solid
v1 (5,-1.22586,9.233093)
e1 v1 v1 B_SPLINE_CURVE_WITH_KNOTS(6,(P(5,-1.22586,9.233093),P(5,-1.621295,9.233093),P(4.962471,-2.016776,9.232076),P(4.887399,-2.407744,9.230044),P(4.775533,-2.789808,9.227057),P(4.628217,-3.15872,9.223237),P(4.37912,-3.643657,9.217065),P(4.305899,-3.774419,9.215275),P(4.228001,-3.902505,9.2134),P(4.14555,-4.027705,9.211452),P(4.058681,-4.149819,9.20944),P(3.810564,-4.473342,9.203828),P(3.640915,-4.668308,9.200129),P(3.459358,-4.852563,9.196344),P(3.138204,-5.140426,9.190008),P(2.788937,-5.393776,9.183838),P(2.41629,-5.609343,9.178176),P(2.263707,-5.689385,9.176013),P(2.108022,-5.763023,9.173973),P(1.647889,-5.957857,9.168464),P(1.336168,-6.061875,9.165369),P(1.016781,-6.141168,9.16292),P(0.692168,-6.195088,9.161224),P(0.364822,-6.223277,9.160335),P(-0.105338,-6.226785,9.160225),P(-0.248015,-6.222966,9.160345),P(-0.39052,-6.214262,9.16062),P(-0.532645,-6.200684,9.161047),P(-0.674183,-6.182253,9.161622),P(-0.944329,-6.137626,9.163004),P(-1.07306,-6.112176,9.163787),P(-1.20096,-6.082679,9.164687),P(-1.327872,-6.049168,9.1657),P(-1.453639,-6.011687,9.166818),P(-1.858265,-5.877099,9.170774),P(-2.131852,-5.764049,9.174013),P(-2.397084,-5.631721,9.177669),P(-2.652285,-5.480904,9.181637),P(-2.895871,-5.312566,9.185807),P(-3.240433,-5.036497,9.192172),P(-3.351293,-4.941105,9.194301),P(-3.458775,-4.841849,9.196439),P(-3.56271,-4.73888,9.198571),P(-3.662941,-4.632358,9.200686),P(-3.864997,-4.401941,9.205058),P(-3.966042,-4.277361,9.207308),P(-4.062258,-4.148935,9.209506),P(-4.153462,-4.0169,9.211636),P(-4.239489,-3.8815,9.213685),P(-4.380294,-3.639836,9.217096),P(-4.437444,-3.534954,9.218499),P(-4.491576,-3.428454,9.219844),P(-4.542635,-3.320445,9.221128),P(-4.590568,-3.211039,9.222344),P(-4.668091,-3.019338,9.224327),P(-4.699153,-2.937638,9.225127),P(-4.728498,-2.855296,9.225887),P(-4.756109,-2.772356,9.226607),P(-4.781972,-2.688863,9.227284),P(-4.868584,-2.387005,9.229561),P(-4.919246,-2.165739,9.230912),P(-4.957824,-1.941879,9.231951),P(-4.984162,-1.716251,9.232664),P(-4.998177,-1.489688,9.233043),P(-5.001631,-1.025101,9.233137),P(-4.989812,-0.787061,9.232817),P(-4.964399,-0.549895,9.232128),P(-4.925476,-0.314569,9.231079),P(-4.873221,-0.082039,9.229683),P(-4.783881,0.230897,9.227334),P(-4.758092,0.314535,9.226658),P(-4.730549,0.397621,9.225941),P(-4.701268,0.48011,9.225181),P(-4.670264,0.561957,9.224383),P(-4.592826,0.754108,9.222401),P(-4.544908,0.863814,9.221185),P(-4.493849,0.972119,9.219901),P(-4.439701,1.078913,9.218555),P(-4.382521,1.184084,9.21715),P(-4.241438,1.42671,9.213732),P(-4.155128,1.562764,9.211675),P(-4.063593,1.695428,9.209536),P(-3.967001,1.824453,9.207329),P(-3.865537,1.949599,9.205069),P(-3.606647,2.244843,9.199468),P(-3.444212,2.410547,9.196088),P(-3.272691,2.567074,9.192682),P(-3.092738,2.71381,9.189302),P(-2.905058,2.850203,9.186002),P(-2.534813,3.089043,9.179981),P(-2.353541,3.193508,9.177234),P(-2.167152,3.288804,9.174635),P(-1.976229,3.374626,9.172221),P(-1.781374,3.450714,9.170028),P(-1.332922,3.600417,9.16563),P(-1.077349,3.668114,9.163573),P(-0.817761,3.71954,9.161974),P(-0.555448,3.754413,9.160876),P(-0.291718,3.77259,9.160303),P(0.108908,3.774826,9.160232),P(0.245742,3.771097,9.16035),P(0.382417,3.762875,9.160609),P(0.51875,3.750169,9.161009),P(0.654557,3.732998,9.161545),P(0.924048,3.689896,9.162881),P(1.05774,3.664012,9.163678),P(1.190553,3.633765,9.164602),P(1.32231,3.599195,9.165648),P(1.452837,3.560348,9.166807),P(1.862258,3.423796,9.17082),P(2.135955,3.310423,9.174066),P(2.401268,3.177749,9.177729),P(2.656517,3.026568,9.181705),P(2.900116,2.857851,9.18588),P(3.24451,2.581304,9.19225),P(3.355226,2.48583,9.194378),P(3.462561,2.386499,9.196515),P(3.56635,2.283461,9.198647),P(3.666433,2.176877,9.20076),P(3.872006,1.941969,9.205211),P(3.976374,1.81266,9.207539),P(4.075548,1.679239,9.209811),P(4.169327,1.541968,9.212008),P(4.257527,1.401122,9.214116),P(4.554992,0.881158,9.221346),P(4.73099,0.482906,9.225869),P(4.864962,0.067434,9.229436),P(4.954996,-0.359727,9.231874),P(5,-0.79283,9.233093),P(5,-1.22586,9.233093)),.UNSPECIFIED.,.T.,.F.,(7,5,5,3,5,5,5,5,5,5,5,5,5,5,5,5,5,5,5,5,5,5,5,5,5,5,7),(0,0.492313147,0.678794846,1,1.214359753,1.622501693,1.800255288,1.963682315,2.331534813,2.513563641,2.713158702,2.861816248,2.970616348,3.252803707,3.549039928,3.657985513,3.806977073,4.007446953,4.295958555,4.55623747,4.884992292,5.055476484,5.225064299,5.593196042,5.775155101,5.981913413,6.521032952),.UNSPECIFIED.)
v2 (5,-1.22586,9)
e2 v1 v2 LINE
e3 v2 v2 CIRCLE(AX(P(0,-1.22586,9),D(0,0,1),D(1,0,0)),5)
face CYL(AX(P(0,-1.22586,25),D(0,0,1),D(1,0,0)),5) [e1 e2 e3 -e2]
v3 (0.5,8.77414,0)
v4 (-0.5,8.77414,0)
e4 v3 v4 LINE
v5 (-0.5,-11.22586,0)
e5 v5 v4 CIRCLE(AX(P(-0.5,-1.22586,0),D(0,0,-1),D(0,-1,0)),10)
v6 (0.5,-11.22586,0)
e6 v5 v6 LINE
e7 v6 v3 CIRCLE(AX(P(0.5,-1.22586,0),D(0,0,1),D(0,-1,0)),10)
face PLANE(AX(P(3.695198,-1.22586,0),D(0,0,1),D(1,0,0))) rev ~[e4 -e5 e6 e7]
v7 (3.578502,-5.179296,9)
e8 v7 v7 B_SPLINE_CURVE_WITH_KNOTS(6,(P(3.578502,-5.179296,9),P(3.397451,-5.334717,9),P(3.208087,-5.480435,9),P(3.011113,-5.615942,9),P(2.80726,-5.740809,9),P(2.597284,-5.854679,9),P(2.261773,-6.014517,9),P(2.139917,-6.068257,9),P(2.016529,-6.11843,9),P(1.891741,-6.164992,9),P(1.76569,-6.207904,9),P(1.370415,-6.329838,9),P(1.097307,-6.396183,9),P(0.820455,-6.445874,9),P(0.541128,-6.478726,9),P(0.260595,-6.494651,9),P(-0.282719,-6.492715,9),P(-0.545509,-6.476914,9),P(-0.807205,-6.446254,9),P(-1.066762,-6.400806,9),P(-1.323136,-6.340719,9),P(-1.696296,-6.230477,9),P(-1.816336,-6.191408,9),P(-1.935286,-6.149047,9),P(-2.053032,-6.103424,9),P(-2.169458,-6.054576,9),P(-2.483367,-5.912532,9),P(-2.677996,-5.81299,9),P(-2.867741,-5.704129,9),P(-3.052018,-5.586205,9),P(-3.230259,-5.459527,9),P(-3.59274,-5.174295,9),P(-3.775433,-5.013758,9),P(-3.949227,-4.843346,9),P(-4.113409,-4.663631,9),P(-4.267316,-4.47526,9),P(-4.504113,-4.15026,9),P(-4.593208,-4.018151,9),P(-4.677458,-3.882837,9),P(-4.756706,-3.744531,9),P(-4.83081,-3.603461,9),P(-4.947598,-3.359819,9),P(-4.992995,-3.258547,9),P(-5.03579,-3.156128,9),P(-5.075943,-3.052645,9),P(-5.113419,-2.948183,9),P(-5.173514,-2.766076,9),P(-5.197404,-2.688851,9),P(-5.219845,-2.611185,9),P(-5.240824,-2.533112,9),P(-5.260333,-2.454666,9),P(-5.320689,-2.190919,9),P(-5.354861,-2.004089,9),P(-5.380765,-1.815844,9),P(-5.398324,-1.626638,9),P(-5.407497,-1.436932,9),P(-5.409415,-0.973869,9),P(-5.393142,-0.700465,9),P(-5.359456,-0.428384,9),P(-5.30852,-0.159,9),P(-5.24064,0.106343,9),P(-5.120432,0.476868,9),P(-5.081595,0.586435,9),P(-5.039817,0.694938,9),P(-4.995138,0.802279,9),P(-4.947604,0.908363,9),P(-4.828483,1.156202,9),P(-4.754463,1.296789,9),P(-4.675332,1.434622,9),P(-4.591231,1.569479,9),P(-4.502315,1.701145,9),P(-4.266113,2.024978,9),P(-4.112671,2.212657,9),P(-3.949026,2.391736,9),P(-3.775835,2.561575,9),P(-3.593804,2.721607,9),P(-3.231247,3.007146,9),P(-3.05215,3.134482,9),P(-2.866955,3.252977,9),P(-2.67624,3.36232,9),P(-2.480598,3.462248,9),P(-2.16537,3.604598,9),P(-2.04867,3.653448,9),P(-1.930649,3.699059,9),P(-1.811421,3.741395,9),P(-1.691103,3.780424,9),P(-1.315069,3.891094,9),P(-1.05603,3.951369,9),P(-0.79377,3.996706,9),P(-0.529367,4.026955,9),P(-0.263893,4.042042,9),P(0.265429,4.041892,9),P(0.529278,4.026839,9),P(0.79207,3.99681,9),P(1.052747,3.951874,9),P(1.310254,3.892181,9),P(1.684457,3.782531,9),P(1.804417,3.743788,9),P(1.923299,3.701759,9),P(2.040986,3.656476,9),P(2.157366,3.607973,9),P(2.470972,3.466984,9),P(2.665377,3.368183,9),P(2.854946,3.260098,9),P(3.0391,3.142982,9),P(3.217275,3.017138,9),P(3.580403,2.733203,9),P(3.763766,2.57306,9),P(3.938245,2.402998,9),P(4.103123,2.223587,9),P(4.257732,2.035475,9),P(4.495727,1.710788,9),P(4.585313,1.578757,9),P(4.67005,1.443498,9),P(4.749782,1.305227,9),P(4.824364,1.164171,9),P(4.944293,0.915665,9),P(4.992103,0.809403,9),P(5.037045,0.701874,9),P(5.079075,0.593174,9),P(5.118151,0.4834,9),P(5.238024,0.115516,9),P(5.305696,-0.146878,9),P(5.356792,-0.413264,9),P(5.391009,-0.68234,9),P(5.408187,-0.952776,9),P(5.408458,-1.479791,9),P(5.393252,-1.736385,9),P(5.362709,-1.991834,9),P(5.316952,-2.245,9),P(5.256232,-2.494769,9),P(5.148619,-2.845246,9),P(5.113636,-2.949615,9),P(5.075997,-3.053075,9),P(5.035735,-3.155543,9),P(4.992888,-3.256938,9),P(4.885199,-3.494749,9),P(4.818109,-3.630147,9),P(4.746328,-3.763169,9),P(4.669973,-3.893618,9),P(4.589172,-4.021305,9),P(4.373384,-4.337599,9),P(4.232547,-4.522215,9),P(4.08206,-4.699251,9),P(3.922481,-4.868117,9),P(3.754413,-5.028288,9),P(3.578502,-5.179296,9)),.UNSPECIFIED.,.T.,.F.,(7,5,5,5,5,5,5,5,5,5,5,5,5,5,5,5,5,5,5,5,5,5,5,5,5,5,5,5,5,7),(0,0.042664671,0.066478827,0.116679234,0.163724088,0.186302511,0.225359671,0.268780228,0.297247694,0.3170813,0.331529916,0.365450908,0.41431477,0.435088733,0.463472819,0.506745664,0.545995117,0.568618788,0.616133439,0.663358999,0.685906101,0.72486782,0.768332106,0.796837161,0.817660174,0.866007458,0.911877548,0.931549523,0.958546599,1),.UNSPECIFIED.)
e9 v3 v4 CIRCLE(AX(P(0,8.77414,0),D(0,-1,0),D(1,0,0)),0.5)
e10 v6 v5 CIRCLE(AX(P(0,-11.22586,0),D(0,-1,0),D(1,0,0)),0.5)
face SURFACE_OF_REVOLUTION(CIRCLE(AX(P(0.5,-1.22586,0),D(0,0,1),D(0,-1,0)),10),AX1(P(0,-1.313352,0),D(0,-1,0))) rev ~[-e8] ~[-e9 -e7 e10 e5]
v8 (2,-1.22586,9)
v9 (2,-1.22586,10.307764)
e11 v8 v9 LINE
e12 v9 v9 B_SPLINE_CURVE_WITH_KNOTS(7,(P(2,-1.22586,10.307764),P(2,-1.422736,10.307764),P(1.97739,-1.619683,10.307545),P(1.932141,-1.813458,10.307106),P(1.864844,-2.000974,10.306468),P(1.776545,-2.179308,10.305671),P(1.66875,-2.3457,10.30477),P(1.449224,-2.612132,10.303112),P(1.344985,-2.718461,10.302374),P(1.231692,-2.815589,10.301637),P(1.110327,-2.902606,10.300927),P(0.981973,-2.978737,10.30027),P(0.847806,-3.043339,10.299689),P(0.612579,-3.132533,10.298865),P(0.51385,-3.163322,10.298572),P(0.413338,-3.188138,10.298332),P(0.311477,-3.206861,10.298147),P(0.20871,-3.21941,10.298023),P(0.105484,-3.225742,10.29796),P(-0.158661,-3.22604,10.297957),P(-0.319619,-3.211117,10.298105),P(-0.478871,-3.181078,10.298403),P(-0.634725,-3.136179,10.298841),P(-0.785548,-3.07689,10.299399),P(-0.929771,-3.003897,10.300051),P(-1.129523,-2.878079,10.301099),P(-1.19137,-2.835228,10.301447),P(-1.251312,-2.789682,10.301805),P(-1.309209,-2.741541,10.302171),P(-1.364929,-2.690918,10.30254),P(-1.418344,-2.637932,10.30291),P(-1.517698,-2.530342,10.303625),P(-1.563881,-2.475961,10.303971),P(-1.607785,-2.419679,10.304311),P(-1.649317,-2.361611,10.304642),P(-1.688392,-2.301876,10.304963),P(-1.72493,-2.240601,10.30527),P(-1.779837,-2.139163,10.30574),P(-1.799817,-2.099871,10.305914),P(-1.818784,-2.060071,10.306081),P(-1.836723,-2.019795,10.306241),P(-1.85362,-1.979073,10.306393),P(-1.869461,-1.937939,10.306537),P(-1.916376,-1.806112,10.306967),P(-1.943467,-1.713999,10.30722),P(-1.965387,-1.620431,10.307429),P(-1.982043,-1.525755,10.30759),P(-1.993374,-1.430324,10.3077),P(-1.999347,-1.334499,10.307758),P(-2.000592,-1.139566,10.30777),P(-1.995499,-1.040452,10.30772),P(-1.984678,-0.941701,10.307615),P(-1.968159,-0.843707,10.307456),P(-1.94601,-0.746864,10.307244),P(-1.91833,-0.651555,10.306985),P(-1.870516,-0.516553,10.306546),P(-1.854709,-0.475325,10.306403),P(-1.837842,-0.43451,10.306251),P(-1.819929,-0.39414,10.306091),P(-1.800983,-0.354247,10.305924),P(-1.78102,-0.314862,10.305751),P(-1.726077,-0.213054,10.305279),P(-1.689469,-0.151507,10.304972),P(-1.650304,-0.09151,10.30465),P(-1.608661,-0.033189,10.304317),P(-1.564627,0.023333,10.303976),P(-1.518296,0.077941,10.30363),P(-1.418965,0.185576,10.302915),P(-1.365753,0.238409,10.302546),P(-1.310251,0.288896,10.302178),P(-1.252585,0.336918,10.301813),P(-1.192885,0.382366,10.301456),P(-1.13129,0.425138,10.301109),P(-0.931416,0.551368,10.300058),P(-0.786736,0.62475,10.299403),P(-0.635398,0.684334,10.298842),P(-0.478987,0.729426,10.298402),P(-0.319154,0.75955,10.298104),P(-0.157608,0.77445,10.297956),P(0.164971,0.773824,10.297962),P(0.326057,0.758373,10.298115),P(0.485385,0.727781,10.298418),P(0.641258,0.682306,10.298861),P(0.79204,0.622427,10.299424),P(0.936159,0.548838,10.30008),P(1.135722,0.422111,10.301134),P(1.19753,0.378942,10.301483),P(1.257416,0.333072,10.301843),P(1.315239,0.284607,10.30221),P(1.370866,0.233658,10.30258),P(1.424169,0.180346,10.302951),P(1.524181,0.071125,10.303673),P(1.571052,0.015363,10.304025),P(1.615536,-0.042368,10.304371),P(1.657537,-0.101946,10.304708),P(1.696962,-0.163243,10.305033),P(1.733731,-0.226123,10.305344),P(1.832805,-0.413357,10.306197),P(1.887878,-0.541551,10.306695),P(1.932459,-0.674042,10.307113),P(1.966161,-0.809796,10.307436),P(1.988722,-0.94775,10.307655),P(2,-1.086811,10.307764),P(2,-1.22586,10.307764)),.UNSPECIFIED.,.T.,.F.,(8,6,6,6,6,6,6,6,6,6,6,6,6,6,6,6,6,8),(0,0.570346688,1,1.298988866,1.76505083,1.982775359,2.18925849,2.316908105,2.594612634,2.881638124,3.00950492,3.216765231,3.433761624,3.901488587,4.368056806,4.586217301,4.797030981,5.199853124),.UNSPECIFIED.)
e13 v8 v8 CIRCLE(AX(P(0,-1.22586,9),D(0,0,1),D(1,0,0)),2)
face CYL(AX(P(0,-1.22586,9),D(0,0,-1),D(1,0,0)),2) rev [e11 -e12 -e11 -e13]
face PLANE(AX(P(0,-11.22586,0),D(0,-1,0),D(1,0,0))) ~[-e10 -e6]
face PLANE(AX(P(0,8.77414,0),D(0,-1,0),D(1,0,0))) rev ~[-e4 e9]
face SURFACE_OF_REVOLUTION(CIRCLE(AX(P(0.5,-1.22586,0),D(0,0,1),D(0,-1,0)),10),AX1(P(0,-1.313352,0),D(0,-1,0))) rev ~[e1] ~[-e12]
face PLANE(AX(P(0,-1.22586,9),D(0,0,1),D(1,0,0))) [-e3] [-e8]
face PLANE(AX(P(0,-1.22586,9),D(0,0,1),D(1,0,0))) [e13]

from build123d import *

# Parameters (mm, degrees)
F1_ANGLE = 180
F3_R     = 5.5
F3_R_2   = 5
F4_DEPTH = 16
F5_R     = 2
F6_DEPTH = 5


with BuildPart() as f1:
    # F0 (on Top) → F1 (revolve)
    with BuildSketch(Plane.XY):
        with BuildLine():
            Line((0, 8.77414), (0, 8.586648))
            Line((0, 8.586648), (0, -11.213352))
            Line((0, -11.213352), (0, -11.22586))
            Line((0, -11.22586), (0.5, -11.22586))
            ThreePointArc((0.5, -11.22586), (10.5, -1.22586), (0.5, 8.77414))
            Line((0.5, 8.77414), (0, 8.77414))
        make_face()
    revolve(axis=Axis((0, -1.313352, 0), (0, -1, 0)), revolution_arc=F1_ANGLE)

    # F3 (on offset) → F4 (cut)
    with BuildSketch(Plane.XY.offset(25)):
        with Locations((0, -1.22586)):
            Circle(F3_R)
        with Locations((0, -1.22586)):
            Circle(F3_R_2, mode=Mode.SUBTRACT)
    extrude(amount=-F4_DEPTH, mode=Mode.SUBTRACT)

    # F5 (on face) → F6 (cut)
    with BuildSketch(Plane.XY.offset(9)):
        with Locations((0, -1.22586)):
            Circle(F5_R)
    extrude(amount=F6_DEPTH, mode=Mode.SUBTRACT)


solid = f1.part
